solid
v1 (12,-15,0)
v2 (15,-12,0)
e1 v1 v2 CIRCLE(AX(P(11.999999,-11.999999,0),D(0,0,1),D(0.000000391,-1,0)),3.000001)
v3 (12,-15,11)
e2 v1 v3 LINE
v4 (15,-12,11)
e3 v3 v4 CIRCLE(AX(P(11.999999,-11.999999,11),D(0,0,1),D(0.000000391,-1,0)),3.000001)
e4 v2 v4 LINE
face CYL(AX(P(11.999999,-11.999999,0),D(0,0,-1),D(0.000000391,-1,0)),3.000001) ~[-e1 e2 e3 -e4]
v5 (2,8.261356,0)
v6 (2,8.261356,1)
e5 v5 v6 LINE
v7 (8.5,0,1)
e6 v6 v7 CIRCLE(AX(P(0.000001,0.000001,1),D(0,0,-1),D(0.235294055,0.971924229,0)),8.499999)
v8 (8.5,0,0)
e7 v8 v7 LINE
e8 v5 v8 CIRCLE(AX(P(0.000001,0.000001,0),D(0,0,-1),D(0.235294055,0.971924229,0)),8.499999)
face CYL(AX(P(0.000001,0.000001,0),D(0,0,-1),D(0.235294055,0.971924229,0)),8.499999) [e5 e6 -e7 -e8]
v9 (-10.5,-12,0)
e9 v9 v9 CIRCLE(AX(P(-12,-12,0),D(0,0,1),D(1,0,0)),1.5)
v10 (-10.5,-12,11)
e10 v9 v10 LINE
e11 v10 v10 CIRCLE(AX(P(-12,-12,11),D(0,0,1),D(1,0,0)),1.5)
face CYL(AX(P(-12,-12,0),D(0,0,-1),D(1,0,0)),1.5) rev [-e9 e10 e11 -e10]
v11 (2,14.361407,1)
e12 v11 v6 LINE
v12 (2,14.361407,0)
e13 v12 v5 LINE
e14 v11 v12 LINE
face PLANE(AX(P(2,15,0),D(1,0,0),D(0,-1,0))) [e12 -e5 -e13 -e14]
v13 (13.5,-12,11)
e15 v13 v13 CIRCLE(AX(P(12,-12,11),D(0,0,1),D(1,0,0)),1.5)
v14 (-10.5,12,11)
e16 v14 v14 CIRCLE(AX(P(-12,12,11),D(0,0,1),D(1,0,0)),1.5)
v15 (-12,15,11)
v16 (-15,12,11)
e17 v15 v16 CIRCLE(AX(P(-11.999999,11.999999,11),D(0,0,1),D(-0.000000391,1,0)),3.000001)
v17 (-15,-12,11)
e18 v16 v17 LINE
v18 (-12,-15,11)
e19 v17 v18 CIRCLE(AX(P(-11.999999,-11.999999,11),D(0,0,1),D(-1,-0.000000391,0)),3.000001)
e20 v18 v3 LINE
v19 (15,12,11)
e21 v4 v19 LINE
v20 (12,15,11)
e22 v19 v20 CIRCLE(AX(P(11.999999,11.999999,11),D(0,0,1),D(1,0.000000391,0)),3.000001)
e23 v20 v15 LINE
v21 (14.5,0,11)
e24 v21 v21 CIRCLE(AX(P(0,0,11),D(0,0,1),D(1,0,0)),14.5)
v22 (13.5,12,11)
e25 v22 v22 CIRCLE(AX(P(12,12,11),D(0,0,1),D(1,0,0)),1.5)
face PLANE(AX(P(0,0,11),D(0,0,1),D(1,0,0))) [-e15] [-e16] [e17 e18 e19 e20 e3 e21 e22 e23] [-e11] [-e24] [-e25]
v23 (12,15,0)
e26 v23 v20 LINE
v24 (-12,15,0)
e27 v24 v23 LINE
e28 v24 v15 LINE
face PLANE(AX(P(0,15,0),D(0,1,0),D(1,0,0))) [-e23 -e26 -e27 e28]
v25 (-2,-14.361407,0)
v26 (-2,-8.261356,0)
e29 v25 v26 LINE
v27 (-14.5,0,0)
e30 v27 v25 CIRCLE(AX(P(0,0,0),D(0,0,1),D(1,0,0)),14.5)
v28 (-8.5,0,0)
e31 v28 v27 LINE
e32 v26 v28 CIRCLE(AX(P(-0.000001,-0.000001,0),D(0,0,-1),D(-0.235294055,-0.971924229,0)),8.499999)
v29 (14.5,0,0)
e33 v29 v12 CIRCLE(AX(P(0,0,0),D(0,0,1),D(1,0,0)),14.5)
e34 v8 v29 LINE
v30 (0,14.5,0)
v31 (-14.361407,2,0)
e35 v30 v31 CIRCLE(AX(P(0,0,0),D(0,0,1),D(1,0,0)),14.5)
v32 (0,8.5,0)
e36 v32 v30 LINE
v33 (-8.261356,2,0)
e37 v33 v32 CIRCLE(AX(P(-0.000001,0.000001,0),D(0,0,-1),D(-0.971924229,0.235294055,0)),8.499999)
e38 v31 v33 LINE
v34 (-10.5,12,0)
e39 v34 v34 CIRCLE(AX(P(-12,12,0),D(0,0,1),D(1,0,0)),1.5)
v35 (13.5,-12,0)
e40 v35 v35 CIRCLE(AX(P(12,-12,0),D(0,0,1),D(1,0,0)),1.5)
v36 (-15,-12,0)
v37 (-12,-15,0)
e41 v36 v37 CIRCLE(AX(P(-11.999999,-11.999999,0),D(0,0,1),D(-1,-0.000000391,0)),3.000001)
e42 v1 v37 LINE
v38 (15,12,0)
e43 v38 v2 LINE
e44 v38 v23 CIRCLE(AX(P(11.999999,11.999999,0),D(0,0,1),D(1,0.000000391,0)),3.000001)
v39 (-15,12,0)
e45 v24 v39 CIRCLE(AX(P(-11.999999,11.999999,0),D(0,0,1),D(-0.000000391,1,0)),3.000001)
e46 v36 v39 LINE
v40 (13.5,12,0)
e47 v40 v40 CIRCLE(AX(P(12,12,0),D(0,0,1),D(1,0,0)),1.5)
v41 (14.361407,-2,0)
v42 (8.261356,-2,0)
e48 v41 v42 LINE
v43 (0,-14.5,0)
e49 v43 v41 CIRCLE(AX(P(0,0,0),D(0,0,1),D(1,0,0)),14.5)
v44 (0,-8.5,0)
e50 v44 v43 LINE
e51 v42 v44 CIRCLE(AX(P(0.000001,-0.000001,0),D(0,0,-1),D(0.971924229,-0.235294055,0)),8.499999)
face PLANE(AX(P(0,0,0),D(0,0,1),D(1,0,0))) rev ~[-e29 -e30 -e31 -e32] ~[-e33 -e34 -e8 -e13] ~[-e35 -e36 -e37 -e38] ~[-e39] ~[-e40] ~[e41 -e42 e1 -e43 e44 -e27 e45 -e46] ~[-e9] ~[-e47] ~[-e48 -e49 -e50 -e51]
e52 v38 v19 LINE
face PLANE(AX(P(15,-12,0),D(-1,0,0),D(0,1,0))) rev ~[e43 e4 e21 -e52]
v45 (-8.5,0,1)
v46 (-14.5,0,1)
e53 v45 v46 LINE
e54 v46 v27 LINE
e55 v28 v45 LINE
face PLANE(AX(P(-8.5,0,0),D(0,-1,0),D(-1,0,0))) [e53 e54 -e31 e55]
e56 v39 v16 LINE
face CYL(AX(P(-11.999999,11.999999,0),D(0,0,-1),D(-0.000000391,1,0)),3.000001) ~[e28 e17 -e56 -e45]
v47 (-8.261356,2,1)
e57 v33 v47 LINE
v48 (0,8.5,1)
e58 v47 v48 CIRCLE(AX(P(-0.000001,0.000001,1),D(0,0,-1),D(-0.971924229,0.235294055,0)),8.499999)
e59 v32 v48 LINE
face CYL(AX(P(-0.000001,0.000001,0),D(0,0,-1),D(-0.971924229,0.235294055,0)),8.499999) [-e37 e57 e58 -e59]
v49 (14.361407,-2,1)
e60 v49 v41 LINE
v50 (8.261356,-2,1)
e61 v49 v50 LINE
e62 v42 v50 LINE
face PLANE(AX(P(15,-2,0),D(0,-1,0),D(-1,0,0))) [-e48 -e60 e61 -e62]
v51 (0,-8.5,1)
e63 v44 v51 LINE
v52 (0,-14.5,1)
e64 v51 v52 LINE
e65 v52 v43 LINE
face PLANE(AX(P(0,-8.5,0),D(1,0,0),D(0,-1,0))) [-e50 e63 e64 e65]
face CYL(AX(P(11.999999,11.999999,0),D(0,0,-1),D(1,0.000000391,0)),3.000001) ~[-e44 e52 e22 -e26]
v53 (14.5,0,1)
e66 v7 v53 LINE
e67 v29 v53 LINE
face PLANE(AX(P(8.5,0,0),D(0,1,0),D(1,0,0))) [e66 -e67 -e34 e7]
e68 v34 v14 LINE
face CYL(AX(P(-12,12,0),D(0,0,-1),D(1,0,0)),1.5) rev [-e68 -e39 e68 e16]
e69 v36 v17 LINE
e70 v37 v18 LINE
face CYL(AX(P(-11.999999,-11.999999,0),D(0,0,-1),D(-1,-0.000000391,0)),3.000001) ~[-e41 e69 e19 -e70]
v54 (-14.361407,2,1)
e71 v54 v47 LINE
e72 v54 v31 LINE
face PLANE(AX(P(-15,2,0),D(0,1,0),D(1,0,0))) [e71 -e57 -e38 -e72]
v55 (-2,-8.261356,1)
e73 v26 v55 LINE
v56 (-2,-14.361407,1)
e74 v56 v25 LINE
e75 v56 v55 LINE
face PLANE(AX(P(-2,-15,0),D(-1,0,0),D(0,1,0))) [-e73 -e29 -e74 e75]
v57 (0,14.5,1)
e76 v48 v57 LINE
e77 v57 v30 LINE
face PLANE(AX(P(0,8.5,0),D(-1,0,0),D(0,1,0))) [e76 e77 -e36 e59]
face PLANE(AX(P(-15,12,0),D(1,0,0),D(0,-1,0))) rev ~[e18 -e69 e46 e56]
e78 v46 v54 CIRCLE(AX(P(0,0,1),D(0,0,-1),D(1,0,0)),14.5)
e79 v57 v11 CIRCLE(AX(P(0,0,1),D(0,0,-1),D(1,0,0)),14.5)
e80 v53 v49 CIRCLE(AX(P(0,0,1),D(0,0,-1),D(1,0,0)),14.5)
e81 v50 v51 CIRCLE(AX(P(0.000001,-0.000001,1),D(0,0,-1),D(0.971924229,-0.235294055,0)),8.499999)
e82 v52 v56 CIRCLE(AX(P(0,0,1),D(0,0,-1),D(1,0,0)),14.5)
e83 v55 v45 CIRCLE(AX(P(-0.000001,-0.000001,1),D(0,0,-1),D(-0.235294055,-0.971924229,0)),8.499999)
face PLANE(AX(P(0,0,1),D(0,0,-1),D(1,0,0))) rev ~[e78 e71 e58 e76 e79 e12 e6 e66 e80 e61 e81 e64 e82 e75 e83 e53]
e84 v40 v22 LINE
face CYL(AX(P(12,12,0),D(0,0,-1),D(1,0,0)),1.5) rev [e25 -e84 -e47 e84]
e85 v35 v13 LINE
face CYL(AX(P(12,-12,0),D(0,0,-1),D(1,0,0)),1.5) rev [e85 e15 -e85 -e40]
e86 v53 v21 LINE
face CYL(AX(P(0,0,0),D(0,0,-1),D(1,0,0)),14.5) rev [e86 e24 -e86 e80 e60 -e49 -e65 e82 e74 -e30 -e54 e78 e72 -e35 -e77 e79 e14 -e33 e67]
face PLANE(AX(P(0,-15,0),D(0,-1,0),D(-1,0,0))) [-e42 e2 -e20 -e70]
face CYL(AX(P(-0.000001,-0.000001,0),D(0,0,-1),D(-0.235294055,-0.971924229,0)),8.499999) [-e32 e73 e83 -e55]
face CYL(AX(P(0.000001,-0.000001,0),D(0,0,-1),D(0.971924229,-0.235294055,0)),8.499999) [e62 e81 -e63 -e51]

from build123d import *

# Parameters (mm, degrees)
F0_R     = 1.5
F0_R_2   = 14.5
F1_DEPTH = 11
F3_DEPTH = 1


with BuildPart() as f1:
    # F0 (on Top) → F1 (new body)
    with BuildSketch(Plane.XY):
        with BuildLine():
            Line((-12, -15), (12, -15))
            ThreePointArc((12, -15), (14.12132, -14.12132), (15, -12))
            Line((15, -12), (15, 12))
            ThreePointArc((15, 12), (14.12132, 14.12132), (12, 15))
            Line((12, 15), (-12, 15))
            ThreePointArc((-12, 15), (-14.12132, 14.12132), (-15, 12))
            Line((-15, 12), (-15, -12))
            ThreePointArc((-15, -12), (-14.12132, -14.12132), (-12, -15))
        make_face()
        with Locations((-12, -12)):
            Circle(F0_R, mode=Mode.SUBTRACT)
        with Locations((12, -12)):
            Circle(F0_R, mode=Mode.SUBTRACT)
        Circle(F0_R_2, mode=Mode.SUBTRACT)
        with Locations((-12, 12)):
            Circle(F0_R, mode=Mode.SUBTRACT)
        with Locations((12, 12)):
            Circle(F0_R, mode=Mode.SUBTRACT)
    extrude(amount=F1_DEPTH)

    # F2 (on face) → F3 (join)
    with BuildSketch(Plane(origin=(0, 0, 0), x_dir=(1, 0, 0), z_dir=(0, 0, -1))):
        with BuildLine():
            Line((2, -15), (2, -8.261356))
            ThreePointArc((2, -8.261356), (6.680195, -5.255949), (8.5, 0))
            Line((8.5, 0), (15, 0))
            Line((15, 0), (15, 2))
            Line((15, 2), (8.261356, 2))
            ThreePointArc((8.261356, 2), (5.255949, 6.680195), (0, 8.5))
            Line((0, 8.5), (0, 15))
            Line((0, 15), (-2, 15))
            Line((-2, 15), (-2, 8.261356))
            ThreePointArc((-2, 8.261356), (-6.680195, 5.255949), (-8.5, 0))
            Line((-8.5, 0), (-15, 0))
            Line((-15, 0), (-15, -2))
            Line((-15, -2), (-8.261356, -2))
            ThreePointArc((-8.261356, -2), (-5.255949, -6.680195), (0, -8.5))
            Line((0, -8.5), (0, -15))
            Line((0, -15), (2, -15))
        make_face()
    extrude(amount=-F3_DEPTH)


solid = f1.part
